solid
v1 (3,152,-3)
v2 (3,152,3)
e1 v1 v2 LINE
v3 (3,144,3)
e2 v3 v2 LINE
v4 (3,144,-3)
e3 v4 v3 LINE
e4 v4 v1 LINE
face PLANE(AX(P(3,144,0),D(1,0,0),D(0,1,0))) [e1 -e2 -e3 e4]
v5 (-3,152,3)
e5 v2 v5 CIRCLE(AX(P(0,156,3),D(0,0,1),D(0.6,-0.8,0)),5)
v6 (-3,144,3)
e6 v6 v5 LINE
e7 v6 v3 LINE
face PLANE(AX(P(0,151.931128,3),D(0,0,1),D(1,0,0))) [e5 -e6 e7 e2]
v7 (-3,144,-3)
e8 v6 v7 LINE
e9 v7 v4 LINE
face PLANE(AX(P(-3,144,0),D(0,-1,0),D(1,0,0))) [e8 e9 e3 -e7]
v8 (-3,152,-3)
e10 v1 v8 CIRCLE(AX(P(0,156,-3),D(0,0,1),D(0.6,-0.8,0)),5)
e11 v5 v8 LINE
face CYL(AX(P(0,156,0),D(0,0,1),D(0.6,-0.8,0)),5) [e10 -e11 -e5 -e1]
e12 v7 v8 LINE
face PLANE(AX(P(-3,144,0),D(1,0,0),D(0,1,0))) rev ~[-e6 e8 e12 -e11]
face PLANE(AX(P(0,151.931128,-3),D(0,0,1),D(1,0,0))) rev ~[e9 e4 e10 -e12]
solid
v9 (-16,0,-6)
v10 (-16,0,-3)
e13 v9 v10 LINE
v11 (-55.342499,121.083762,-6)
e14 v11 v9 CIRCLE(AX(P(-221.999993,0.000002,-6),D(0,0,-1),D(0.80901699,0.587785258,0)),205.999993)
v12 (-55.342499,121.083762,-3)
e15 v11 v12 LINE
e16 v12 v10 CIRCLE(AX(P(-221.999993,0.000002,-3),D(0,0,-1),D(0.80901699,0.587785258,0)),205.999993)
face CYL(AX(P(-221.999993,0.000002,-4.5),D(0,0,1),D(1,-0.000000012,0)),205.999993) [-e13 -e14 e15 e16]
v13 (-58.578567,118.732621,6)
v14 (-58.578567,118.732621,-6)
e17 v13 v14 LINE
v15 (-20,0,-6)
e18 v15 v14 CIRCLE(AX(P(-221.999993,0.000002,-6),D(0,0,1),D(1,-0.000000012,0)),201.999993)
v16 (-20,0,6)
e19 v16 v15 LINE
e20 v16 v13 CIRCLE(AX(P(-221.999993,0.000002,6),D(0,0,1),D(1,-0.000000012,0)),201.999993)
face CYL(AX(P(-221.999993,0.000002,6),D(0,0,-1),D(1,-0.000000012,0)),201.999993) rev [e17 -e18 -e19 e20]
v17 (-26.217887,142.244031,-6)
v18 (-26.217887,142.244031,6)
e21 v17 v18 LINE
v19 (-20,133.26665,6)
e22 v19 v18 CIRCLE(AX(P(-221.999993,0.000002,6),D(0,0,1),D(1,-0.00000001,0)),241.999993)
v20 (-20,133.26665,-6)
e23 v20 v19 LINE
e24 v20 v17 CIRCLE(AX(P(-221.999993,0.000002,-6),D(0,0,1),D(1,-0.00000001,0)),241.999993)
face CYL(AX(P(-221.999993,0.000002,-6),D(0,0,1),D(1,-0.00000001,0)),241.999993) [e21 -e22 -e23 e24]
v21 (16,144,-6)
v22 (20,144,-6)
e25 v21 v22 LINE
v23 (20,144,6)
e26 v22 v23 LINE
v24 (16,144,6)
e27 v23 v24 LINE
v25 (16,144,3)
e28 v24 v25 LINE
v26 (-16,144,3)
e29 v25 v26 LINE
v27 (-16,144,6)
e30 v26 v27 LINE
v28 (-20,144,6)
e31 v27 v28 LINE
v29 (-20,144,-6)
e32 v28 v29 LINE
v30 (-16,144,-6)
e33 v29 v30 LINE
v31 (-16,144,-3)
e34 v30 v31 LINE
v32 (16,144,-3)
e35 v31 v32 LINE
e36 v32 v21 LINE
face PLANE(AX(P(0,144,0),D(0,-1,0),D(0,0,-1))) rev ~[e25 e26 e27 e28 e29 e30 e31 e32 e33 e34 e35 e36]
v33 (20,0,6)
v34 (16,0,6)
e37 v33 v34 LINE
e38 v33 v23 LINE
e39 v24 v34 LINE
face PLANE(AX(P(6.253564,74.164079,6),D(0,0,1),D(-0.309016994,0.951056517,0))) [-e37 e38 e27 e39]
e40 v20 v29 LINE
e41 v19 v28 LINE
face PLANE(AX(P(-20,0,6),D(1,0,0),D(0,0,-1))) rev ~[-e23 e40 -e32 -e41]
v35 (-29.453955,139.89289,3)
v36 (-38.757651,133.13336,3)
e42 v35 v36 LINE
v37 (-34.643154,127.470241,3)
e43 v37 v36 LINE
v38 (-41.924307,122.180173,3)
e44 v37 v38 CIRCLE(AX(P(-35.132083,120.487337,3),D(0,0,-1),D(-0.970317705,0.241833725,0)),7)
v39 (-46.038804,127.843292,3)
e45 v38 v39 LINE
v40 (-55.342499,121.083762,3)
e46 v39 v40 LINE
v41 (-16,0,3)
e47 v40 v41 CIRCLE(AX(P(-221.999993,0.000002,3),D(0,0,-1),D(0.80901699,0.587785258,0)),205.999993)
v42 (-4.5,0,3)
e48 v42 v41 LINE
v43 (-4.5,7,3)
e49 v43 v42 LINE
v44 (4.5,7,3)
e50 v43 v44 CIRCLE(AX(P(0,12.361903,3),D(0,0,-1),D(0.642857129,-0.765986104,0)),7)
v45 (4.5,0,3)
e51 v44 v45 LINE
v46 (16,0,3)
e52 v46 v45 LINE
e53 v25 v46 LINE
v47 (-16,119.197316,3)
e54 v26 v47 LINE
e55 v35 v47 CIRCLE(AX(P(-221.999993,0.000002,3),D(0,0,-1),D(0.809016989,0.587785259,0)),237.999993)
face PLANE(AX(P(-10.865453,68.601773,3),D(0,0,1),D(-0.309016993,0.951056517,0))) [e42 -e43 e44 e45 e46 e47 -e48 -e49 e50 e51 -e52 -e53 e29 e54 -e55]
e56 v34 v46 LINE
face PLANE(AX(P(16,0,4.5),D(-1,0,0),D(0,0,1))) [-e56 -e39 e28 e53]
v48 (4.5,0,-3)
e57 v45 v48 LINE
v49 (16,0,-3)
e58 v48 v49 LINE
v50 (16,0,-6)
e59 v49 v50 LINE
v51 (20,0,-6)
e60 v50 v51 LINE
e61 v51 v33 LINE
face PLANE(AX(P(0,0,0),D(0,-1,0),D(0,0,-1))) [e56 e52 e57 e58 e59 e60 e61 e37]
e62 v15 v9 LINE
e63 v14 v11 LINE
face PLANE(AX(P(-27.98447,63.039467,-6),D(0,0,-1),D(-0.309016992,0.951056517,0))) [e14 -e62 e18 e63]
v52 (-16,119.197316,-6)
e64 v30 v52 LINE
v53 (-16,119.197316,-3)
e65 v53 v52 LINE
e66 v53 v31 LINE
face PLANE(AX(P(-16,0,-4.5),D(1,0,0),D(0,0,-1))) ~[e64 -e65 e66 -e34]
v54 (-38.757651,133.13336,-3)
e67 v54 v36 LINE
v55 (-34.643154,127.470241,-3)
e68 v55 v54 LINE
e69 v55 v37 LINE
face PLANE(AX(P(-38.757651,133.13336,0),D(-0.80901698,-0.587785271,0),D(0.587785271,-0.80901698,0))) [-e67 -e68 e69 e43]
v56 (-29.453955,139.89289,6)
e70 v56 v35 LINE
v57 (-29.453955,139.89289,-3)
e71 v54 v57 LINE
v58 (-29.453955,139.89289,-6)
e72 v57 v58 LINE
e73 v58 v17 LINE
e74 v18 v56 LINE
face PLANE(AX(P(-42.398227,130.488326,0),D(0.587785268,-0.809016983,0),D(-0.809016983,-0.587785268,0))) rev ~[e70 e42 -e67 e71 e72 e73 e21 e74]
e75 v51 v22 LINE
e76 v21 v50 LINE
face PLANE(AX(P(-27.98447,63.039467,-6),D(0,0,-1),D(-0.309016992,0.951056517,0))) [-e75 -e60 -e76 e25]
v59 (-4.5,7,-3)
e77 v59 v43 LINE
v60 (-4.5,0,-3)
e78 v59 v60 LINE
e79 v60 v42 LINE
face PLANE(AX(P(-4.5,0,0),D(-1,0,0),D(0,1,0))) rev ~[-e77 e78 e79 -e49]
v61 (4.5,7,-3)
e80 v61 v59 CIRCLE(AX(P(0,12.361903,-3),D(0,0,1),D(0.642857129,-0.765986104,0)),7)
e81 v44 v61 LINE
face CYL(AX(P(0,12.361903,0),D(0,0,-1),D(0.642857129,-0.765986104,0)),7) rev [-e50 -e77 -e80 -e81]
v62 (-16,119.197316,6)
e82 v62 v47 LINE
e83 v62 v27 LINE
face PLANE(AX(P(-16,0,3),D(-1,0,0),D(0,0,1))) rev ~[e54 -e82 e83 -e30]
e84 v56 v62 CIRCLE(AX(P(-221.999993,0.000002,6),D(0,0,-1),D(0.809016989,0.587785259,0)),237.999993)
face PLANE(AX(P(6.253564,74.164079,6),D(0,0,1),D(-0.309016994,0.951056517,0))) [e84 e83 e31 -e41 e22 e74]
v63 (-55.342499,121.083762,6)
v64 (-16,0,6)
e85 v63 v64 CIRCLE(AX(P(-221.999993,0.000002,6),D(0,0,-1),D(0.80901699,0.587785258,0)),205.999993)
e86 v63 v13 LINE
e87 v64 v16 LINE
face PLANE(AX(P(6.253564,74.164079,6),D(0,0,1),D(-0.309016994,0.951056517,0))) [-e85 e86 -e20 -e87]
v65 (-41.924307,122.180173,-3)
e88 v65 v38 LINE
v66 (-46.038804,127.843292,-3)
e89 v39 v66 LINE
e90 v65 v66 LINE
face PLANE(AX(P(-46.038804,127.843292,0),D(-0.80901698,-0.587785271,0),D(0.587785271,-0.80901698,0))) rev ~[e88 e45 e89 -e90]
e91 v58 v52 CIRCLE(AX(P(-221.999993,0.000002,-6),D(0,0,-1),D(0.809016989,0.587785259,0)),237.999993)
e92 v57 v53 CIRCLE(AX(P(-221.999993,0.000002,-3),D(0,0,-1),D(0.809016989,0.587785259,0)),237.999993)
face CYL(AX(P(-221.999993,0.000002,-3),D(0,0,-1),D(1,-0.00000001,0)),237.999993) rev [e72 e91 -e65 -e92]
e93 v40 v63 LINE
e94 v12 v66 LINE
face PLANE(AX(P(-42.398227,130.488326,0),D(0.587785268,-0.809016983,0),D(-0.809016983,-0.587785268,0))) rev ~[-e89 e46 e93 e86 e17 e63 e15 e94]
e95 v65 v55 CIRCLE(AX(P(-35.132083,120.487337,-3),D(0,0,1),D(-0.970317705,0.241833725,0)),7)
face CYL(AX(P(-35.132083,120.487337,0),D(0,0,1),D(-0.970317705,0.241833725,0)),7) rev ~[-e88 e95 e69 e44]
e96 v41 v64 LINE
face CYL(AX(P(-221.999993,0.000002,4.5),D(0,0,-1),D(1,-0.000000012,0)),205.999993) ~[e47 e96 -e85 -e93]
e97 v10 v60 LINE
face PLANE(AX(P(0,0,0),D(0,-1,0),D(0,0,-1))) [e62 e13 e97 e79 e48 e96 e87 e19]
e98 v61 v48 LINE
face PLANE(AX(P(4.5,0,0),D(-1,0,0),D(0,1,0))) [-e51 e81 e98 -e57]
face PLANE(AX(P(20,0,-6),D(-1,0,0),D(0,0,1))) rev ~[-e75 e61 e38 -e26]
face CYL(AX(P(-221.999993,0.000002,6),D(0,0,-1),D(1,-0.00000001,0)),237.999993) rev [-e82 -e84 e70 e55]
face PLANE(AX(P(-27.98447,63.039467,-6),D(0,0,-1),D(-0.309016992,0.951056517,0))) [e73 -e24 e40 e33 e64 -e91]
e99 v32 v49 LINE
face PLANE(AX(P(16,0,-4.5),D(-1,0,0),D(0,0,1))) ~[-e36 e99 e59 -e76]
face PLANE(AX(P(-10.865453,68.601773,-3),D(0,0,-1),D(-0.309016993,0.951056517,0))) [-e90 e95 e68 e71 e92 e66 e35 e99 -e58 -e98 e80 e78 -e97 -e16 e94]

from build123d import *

# Parameters (mm, degrees)
SKETCH013_W          = 32
SKETCH013_H          = 3
POCKET_DEPTH         = 6.001
POCKET_DEPTH_BACK    = -6.001
POCKET001_DEPTH      = 6.001
POCKET001_DEPTH_BACK = -6.001
PAD001_DEPTH         = 3


with BuildPart() as body:
    # AdditivePipe: sweep along a path in Sketch002
    with BuildLine(Plane.XY) as additivepipe_path:
        ThreePointArc((0, 0), (-10.865453, 68.601773), (-42.398227, 130.488326))
    # Sketch → AdditivePipe (sweep)
    with BuildSketch(Plane.XZ):
        Polygon((-20, 6), (-20, -6), (-16, -6), (-16, -3), (-9, -3), (9, -3), (16, -3), (16, -6), (20, -6), (20, 6), (16, 6), (16, 3), (9, 3), (-9, 3), (-16, 3), (-16, 6), align=None)
    sweep(path=additivepipe_path.line)

    # AdditivePipe001: sweep along a path in Sketch001
    with BuildLine(Plane.XY) as additivepipe001_path:
        Line((0, 0), (0, 144))
    # Sketch → AdditivePipe001 (sweep)
    with BuildSketch(Plane.XZ):
        Polygon((-20, 6), (-20, -6), (-16, -6), (-16, -3), (-9, -3), (9, -3), (16, -3), (16, -6), (20, -6), (20, 6), (16, 6), (16, 3), (9, 3), (-9, 3), (-16, 3), (-16, 6), align=None)
    sweep(path=additivepipe001_path.line)

    # SubtractivePipe: sweep along a path in Sketch002
    with BuildLine(Plane.XY) as subtractivepipe_path:
        ThreePointArc((0, 0), (-10.865453, 68.601773), (-42.398227, 130.488326))
    # Sketch013 (on Face1 of AdditivePipe001) → SubtractivePipe (sweep, cut)
    with BuildSketch(Plane.XZ):
        with Locations((0, 4.5)):
            Rectangle(SKETCH013_W, SKETCH013_H)
    subtractivepipe = sweep(path=subtractivepipe_path.line, mode=Mode.SUBTRACT)

    # SubtractivePipe001: sweep along a path in Sketch001
    with BuildLine(Plane.XY) as subtractivepipe001_path:
        Line((0, 0), (0, 144))
    # Sketch013 (on Face1 of AdditivePipe001) → SubtractivePipe001 (sweep, cut)
    with BuildSketch(Plane.XZ):
        with Locations((0, 4.5)):
            Rectangle(SKETCH013_W, SKETCH013_H)
    subtractivepipe001 = sweep(path=subtractivepipe001_path.line, mode=Mode.SUBTRACT)

    # Mirrored: SubtractivePipe across XY
    add(subtractivepipe.mirror(Plane.XY), mode=Mode.SUBTRACT)

    # Mirrored001: SubtractivePipe001 across XY
    add(subtractivepipe001.mirror(Plane.XY), mode=Mode.SUBTRACT)

    # Sketch014 → Pocket (cut, two sides)
    with BuildSketch(Plane.XY) as pocket_sk:
        with BuildLine():
            Line((-4.5, 0), (4.5, 0))
            Line((4.5, 0), (4.5, 7))
            ThreePointArc((4.5, 7), (0, 19.361903), (-4.5, 7))
            Line((-4.5, 0), (-4.5, 7))
        make_face()
    extrude(amount=-POCKET_DEPTH, mode=Mode.SUBTRACT)
    extrude(pocket_sk.sketch, amount=-POCKET_DEPTH_BACK, mode=Mode.SUBTRACT)

    # Sketch015 → Pocket001 (cut, two sides)
    with BuildSketch(Plane.XY) as pocket001_sk:
        with BuildLine():
            Line((-46.038804, 127.843292), (-38.757651, 133.13336))
            Line((-38.757651, 133.13336), (-34.643154, 127.470241))
            ThreePointArc((-41.924307, 122.180173), (-31.017586, 114.824218), (-34.643154, 127.470241))
            Line((-46.038804, 127.843292), (-41.924307, 122.180173))
        make_face()
    extrude(amount=-POCKET001_DEPTH, mode=Mode.SUBTRACT)
    extrude(pocket001_sk.sketch, amount=-POCKET001_DEPTH_BACK, mode=Mode.SUBTRACT)


with BuildPart() as body002:
    # Sketch011 → Pad001 (new body, symmetric)
    with BuildSketch(Plane.XY):
        with BuildLine():
            Line((-3, 144), (3, 144))
            Line((3, 144), (3, 152))
            ThreePointArc((3, 152), (0, 161), (-3, 152))
            Line((-3, 144), (-3, 152))
        make_face()
    extrude(amount=PAD001_DEPTH, both=True)


solid = Compound([body.part, body002.part])
